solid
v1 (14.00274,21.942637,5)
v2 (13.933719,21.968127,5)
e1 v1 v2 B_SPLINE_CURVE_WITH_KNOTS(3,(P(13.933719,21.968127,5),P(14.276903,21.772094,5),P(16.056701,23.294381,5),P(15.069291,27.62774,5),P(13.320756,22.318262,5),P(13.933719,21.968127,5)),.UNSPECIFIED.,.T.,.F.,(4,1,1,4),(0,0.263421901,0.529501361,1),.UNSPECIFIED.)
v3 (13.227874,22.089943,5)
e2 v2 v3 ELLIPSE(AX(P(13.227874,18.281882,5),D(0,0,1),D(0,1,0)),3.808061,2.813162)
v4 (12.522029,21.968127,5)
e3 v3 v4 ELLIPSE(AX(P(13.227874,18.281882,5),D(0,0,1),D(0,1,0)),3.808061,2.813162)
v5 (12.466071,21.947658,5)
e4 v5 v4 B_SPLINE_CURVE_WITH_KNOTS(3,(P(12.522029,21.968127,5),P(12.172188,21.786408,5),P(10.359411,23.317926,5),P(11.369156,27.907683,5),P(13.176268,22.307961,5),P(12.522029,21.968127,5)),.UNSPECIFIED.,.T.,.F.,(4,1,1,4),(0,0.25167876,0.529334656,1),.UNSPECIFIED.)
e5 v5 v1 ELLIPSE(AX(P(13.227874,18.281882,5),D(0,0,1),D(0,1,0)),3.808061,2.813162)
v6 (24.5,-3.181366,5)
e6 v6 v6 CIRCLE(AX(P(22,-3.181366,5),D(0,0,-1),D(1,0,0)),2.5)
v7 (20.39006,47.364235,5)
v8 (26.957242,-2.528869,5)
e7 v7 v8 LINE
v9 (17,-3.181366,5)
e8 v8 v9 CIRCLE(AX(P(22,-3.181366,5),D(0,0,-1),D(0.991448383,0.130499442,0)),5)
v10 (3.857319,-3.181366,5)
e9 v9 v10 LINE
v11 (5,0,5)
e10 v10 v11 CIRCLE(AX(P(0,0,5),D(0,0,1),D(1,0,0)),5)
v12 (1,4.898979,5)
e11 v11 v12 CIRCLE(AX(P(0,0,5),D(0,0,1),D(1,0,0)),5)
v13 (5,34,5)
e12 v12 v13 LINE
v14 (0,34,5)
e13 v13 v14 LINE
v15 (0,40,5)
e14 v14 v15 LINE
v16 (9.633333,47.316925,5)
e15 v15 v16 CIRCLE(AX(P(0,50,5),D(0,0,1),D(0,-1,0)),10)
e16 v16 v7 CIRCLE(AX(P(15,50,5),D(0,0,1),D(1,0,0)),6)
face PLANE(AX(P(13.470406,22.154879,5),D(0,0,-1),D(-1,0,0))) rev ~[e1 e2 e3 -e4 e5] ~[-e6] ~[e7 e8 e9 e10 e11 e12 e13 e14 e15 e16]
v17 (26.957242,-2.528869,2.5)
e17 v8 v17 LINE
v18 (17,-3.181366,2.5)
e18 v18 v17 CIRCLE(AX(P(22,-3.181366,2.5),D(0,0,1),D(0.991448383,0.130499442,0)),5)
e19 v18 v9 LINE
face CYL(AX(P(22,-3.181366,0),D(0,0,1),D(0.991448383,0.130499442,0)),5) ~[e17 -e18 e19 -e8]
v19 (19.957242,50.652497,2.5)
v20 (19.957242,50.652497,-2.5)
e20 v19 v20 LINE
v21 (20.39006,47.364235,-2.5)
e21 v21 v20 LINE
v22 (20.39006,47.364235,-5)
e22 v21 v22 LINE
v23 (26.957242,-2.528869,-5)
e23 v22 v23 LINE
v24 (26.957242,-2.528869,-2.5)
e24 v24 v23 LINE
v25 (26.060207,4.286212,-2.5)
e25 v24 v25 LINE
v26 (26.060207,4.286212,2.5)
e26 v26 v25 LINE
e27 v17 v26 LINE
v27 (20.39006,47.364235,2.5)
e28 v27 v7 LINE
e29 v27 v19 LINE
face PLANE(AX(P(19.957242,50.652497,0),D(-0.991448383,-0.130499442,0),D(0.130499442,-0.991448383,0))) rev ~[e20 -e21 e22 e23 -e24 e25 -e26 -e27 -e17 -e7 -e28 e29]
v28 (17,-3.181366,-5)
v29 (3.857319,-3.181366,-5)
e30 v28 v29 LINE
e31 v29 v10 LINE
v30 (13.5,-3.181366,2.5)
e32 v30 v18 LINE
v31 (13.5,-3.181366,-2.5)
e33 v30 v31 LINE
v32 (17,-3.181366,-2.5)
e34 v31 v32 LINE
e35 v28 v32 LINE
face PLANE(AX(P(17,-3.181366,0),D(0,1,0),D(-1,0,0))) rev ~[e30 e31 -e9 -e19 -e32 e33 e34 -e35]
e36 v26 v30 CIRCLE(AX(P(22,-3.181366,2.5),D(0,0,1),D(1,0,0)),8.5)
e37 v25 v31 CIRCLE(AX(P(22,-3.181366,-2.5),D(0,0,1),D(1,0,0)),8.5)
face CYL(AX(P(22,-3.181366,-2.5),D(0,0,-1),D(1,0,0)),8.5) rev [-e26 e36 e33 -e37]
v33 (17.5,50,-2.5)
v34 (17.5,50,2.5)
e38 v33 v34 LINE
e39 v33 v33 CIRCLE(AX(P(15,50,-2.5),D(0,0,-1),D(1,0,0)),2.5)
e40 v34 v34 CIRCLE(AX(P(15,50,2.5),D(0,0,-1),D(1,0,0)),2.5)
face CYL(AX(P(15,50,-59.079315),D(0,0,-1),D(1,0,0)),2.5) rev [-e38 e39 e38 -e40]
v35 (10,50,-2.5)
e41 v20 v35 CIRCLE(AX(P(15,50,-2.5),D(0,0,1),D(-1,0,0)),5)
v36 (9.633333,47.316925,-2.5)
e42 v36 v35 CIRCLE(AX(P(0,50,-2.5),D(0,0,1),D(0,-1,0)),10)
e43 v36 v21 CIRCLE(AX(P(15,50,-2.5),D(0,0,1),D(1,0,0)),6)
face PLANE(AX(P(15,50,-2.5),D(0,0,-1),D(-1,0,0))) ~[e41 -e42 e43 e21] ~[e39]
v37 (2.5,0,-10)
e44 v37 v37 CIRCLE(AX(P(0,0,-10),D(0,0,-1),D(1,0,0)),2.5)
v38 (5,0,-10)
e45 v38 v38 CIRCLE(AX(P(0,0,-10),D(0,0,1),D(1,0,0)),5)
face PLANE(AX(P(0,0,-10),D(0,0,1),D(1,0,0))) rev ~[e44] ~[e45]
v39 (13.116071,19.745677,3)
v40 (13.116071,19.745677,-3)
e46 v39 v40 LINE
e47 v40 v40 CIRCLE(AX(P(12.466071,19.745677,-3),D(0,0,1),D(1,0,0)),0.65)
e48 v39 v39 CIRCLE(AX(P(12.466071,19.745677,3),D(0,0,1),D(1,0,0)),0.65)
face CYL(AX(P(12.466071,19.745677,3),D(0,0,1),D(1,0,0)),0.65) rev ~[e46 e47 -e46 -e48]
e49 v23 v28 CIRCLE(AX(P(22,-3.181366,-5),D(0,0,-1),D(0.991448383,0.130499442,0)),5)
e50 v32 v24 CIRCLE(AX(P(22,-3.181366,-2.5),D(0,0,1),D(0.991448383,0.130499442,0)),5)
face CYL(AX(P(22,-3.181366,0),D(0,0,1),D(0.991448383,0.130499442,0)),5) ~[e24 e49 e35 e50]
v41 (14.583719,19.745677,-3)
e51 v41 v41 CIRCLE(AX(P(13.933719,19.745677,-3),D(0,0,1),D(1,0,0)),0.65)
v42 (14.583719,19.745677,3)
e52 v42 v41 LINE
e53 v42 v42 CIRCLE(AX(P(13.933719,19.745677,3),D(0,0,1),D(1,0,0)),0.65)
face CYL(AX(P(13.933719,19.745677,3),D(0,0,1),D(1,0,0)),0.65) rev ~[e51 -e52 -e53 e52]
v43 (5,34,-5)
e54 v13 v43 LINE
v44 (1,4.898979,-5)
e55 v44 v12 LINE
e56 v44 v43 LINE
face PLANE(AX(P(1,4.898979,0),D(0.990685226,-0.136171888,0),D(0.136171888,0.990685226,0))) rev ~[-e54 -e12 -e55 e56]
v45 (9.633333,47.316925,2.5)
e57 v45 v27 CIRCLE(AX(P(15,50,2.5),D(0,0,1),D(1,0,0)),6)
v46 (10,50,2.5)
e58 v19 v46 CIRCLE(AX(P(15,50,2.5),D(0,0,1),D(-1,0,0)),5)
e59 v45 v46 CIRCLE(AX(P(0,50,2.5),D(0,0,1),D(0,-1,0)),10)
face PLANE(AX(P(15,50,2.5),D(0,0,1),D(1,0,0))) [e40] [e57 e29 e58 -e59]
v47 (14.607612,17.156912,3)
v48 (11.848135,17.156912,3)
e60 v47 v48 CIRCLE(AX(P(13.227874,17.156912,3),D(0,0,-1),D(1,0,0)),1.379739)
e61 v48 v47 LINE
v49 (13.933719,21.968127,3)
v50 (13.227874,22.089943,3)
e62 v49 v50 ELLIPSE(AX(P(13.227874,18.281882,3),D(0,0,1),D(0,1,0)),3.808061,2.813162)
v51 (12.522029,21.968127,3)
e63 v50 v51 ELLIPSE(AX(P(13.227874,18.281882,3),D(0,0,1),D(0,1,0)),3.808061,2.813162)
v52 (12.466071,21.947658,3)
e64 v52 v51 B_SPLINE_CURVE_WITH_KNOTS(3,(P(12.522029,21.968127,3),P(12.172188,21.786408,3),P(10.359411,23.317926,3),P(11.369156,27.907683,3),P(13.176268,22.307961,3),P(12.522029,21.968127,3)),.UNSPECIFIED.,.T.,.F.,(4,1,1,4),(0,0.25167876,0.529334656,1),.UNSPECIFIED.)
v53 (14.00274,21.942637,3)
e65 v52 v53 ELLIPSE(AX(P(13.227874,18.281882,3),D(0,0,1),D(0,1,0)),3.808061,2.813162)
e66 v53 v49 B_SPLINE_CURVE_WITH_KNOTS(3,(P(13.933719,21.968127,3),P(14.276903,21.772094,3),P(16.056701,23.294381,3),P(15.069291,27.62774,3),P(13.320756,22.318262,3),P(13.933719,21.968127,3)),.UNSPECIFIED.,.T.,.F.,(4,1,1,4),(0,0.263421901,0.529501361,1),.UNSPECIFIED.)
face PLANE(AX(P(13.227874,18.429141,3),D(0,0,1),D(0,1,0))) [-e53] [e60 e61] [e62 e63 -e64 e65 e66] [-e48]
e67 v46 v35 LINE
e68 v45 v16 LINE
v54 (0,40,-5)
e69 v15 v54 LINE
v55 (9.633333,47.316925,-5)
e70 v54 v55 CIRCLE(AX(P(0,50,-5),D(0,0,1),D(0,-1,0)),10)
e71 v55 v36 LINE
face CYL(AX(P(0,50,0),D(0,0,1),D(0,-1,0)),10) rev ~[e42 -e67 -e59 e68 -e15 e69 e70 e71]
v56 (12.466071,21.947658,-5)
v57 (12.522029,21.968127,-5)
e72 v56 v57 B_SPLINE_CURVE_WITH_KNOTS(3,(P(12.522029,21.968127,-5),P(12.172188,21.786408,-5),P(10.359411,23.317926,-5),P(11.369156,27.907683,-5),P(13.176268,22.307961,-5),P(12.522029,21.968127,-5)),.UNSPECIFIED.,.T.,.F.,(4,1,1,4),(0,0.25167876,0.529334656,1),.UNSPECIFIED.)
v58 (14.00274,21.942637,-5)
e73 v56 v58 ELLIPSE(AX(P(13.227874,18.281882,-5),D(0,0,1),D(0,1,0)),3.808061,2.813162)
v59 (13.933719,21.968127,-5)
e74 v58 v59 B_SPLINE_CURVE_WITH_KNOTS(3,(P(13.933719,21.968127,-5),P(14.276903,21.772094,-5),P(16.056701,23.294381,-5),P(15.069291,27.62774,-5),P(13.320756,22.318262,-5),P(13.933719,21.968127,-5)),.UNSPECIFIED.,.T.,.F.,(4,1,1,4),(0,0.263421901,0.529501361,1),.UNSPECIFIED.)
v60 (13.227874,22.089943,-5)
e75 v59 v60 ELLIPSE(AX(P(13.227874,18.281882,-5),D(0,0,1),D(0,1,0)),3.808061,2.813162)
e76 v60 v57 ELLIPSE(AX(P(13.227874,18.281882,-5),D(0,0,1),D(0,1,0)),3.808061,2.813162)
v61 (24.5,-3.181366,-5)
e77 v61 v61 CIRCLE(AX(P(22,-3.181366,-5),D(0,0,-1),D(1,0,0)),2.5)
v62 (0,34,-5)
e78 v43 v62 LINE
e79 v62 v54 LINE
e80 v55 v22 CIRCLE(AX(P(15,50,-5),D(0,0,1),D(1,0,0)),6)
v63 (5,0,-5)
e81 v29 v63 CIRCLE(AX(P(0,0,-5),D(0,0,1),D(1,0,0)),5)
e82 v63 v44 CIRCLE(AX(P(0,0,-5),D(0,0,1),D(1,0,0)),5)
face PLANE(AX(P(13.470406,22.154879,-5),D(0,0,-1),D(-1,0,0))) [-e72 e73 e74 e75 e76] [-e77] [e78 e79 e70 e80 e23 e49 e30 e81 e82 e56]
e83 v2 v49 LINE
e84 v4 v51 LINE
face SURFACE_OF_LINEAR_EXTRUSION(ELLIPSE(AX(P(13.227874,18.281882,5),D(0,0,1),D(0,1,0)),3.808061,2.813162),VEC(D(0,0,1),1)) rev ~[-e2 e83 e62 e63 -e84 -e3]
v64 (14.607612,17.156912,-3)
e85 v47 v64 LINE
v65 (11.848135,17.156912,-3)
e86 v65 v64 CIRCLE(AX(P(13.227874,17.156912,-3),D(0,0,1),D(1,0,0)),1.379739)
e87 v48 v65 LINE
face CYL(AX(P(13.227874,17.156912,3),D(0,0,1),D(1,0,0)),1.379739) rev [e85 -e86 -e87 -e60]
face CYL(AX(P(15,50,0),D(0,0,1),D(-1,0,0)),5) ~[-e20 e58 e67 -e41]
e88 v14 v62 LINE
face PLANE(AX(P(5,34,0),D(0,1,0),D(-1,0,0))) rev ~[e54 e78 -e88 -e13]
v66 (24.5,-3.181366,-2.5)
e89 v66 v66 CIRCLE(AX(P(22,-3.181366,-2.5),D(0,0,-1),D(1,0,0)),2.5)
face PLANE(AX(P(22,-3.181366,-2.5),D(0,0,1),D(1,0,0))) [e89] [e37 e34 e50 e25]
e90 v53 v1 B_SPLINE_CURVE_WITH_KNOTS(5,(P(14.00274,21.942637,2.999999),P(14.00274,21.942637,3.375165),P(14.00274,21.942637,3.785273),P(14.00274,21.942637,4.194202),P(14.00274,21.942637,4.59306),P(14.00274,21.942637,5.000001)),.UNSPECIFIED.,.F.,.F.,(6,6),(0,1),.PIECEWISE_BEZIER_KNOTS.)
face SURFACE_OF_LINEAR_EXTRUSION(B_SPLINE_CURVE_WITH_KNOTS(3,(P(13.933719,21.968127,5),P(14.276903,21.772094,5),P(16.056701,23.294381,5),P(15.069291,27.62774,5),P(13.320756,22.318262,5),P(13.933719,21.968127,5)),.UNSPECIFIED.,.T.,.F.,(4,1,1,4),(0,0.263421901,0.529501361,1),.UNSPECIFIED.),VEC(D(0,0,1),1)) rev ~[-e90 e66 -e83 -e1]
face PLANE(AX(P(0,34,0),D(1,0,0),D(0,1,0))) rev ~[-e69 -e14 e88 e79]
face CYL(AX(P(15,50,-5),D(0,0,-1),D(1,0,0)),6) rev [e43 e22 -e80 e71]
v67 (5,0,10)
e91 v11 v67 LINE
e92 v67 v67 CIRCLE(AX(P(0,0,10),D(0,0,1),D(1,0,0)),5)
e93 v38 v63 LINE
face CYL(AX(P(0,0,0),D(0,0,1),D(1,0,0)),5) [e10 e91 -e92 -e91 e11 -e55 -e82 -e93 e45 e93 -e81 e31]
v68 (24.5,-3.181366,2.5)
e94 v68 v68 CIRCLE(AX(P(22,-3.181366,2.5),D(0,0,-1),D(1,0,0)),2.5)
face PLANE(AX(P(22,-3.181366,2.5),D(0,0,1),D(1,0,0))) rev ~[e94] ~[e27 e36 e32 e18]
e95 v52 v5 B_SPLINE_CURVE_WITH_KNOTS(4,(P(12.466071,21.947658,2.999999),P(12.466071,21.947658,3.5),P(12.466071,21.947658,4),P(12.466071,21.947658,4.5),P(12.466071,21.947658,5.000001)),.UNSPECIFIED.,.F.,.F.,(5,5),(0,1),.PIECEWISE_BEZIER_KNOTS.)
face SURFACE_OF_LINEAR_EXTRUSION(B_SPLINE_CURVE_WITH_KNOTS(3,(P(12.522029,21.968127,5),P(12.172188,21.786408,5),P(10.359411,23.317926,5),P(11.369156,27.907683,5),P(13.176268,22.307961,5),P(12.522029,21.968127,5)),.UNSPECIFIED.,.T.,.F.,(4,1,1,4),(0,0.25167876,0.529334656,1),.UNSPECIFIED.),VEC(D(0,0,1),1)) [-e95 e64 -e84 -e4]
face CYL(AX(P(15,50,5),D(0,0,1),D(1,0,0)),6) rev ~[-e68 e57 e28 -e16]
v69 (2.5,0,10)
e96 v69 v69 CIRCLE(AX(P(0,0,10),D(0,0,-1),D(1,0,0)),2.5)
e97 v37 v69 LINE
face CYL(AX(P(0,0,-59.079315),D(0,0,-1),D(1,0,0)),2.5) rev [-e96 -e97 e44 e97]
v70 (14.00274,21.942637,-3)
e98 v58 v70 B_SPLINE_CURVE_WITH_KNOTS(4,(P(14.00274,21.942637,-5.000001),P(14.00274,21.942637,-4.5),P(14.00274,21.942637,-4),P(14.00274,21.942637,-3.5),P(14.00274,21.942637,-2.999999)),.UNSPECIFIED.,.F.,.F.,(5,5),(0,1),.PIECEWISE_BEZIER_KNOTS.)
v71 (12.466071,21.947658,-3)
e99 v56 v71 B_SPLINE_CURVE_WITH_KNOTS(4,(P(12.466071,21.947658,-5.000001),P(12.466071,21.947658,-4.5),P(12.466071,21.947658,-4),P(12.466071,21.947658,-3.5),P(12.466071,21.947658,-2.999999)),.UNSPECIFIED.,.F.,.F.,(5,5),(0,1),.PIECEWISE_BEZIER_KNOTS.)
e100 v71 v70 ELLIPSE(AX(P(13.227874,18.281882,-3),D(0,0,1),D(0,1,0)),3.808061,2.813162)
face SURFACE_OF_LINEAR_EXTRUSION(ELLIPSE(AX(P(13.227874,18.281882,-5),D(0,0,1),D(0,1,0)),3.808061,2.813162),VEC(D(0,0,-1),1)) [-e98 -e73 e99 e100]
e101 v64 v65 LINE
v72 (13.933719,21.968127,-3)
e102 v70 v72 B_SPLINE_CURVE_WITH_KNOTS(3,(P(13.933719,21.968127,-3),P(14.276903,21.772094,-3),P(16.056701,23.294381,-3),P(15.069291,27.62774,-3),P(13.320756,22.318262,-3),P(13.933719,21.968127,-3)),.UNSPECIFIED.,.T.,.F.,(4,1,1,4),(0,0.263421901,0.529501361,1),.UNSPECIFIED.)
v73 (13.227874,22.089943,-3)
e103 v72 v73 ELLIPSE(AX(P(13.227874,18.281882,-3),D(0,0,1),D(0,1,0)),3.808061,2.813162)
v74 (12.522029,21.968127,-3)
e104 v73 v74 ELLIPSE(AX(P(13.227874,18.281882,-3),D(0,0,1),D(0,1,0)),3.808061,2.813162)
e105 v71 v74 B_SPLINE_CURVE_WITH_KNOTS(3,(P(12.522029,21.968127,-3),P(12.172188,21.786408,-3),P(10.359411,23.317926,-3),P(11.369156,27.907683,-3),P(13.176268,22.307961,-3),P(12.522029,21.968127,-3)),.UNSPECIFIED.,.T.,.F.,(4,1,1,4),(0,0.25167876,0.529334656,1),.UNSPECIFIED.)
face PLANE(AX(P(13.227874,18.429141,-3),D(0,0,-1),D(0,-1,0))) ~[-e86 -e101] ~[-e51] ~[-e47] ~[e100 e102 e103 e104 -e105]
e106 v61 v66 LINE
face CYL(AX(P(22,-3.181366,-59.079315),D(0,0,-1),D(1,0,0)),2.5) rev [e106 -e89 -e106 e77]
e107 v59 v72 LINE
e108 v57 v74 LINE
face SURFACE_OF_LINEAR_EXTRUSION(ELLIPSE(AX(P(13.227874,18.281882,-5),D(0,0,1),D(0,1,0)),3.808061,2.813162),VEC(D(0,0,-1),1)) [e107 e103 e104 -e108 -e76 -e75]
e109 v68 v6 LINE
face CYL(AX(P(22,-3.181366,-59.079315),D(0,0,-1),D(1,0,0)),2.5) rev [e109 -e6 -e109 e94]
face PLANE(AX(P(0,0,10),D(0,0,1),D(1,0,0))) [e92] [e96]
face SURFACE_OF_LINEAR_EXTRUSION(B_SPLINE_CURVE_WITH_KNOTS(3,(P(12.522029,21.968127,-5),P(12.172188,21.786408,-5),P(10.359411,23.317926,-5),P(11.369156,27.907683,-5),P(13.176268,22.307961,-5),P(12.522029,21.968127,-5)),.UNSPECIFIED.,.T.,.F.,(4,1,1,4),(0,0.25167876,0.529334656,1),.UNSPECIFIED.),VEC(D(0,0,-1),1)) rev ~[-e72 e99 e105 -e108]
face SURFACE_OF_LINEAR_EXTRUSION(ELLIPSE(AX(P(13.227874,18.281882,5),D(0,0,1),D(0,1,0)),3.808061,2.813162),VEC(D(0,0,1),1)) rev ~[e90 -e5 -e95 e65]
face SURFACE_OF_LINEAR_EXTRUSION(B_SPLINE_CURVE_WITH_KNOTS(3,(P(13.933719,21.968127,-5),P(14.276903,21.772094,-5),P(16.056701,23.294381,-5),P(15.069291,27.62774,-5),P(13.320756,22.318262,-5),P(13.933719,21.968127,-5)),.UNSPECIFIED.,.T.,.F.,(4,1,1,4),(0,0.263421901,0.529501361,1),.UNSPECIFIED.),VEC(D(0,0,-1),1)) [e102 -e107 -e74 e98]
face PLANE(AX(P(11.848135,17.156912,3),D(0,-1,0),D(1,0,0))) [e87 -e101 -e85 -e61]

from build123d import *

# Parameters (mm, degrees)
SKETCH2_R               = 5
BOSS_EXTRUDE1_DEPTH     = 10
BOSS_EXTRUDE2_DEPTH     = 5
CUT_EXTRUDE1_DEPTH      = 64.079315152
CUT_EXTRUDE1_DEPTH_BACK = 64.079315152
SKETCH4_R               = 2.5
SKETCH5_R               = 6
CUT_EXTRUDE2_DEPTH      = 2.5
CUT_EXTRUDE3_DEPTH      = 2.5
CUT_EXTRUDE3_DEPTH_BACK = 2.5
SKETCH7_R               = 8.5
SKETCH9_RX              = 3.80806065
SKETCH9_RY              = 2.813161922
CUT_EXTRUDE4_DEPTH      = 2
CUT_EXTRUDE5_DEPTH      = 2
SKETCH12_R              = 0.65
CUT_EXTRUDE6_DEPTH      = 63.633856702
CUT_EXTRUDE7_DEPTH      = 63.633856702


with BuildPart() as part:
    # Sketch2 → Boss-Extrude1 (new, symmetric)
    with BuildSketch(Plane.XY):
        Circle(SKETCH2_R)
    extrude(amount=BOSS_EXTRUDE1_DEPTH, both=True)

    # Sketch3 → Boss-Extrude2 (add, symmetric)
    with BuildSketch(Plane.XY):
        with BuildLine():
            Line((1, 4.898979486), (5, 34))
            Line((5, 34), (0, 34))
            Line((0, 34), (0, 40))
            ThreePointArc((0, 40), (7.071067812, 42.928932188), (10, 50))
            ThreePointArc((10, 50), (14.673051661, 54.989299027), (19.957241913, 50.652497212))
            Line((19.957241913, 50.652497212), (26.957241913, -2.528869287))
            ThreePointArc((26.957241913, -2.528869287), (22.326948339, -8.170665526), (17, -3.181366499))
            Line((17, -3.181366499), (3.857318654, -3.181366499))
            Line((3.857318654, -3.181366499), (1, 4.898979486))
        make_face()
    extrude(amount=BOSS_EXTRUDE2_DEPTH, both=True)

    # Sketch4 → Cut-Extrude1 (cut, two sides: drawn at the far end of the back side and taken through both)
    with BuildSketch(Plane.XY.offset(5).offset(-CUT_EXTRUDE1_DEPTH_BACK)):
        with Locations((15, 50)):
            Circle(SKETCH4_R)
        Circle(SKETCH4_R)
        with Locations((22, -3.181366499)):
            Circle(SKETCH4_R)
    extrude(amount=CUT_EXTRUDE1_DEPTH + CUT_EXTRUDE1_DEPTH_BACK, mode=Mode.SUBTRACT)

    # Sketch5 → Cut-Extrude2 (cut)
    with BuildSketch(Plane.XY.offset(5)):
        with Locations((15, 50)):
            Circle(SKETCH5_R)
    cut_extrude2 = extrude(amount=-CUT_EXTRUDE2_DEPTH, mode=Mode.SUBTRACT)

    # Mirror1: Cut-Extrude2 across plane
    add(cut_extrude2.mirror(Plane.XY), mode=Mode.SUBTRACT)

    # Sketch7 → Cut-Extrude3 (cut, two sides: drawn at the far end of the back side and taken through both)
    with BuildSketch(Plane.XY.offset(-CUT_EXTRUDE3_DEPTH_BACK)):
        with Locations((22, -3.181366499)):
            Circle(SKETCH7_R)
    extrude(amount=CUT_EXTRUDE3_DEPTH + CUT_EXTRUDE3_DEPTH_BACK, mode=Mode.SUBTRACT)

    # Sketch9 → Cut-Extrude4 (cut)
    with BuildSketch(Plane.XY.offset(5)):
        with Locations(Location((13.227873683, 18.281882493), (0, 0, 90))):
            Ellipse(SKETCH9_RX, SKETCH9_RY)
    cut_extrude4 = extrude(amount=-CUT_EXTRUDE4_DEPTH, mode=Mode.SUBTRACT)

    # Sketch11 → Cut-Extrude5 (cut)
    with BuildSketch(Plane.XY.offset(5)):
        with BuildLine():
            add(Edge.make_bspline(
                [(12.522028797, 21.968126834), (12.172187814, 21.786407618), (10.359411342, 23.317925648), (11.369156283, 27.907682858), (13.176267664, 22.307960587), (12.522028797, 21.968126834)],
                knots=[0, 0, 0, 0, 0.25167876, 0.529334656, 1, 1, 1, 1], degree=3))
        make_face()
        with BuildLine():
            add(Edge.make_bspline(
                [(13.933718568, 21.968126834), (14.276902775, 21.772094059), (16.056700712, 23.2943812), (15.069290945, 27.627740223), (13.320756239, 22.318261556), (13.933718568, 21.968126834)],
                knots=[0, 0, 0, 0, 0.263421901, 0.529501361, 1, 1, 1, 1], degree=3))
        make_face()
    cut_extrude5 = extrude(amount=-CUT_EXTRUDE5_DEPTH, mode=Mode.SUBTRACT)

    # Sketch12 → Cut-Extrude6 (cut, through all)
    with BuildSketch(Plane.XY.offset(3)):
        with Locations((12.466071171, 19.745676536)):
            Circle(SKETCH12_R)
        with Locations((13.933718568, 19.745676536)):
            Circle(SKETCH12_R)
    extrude(amount=-CUT_EXTRUDE6_DEPTH, mode=Mode.SUBTRACT)

    # Sketch13 → Cut-Extrude7 (cut, through all)
    with BuildSketch(Plane.XY.offset(3)):
        with BuildLine():
            Line((11.848135132, 17.156912107), (14.607612233, 17.156912107))
            ThreePointArc((14.607612233, 17.156912107), (13.227873683, 15.777173557), (11.848135132, 17.156912107))
        make_face()
    extrude(amount=-CUT_EXTRUDE7_DEPTH, mode=Mode.SUBTRACT)

    # Mirror2: Cut-Extrude4, Cut-Extrude5 across plane
    add(cut_extrude4.mirror(Plane.XY), mode=Mode.SUBTRACT)
    add(cut_extrude5.mirror(Plane.XY), mode=Mode.SUBTRACT)


solid = part.part
